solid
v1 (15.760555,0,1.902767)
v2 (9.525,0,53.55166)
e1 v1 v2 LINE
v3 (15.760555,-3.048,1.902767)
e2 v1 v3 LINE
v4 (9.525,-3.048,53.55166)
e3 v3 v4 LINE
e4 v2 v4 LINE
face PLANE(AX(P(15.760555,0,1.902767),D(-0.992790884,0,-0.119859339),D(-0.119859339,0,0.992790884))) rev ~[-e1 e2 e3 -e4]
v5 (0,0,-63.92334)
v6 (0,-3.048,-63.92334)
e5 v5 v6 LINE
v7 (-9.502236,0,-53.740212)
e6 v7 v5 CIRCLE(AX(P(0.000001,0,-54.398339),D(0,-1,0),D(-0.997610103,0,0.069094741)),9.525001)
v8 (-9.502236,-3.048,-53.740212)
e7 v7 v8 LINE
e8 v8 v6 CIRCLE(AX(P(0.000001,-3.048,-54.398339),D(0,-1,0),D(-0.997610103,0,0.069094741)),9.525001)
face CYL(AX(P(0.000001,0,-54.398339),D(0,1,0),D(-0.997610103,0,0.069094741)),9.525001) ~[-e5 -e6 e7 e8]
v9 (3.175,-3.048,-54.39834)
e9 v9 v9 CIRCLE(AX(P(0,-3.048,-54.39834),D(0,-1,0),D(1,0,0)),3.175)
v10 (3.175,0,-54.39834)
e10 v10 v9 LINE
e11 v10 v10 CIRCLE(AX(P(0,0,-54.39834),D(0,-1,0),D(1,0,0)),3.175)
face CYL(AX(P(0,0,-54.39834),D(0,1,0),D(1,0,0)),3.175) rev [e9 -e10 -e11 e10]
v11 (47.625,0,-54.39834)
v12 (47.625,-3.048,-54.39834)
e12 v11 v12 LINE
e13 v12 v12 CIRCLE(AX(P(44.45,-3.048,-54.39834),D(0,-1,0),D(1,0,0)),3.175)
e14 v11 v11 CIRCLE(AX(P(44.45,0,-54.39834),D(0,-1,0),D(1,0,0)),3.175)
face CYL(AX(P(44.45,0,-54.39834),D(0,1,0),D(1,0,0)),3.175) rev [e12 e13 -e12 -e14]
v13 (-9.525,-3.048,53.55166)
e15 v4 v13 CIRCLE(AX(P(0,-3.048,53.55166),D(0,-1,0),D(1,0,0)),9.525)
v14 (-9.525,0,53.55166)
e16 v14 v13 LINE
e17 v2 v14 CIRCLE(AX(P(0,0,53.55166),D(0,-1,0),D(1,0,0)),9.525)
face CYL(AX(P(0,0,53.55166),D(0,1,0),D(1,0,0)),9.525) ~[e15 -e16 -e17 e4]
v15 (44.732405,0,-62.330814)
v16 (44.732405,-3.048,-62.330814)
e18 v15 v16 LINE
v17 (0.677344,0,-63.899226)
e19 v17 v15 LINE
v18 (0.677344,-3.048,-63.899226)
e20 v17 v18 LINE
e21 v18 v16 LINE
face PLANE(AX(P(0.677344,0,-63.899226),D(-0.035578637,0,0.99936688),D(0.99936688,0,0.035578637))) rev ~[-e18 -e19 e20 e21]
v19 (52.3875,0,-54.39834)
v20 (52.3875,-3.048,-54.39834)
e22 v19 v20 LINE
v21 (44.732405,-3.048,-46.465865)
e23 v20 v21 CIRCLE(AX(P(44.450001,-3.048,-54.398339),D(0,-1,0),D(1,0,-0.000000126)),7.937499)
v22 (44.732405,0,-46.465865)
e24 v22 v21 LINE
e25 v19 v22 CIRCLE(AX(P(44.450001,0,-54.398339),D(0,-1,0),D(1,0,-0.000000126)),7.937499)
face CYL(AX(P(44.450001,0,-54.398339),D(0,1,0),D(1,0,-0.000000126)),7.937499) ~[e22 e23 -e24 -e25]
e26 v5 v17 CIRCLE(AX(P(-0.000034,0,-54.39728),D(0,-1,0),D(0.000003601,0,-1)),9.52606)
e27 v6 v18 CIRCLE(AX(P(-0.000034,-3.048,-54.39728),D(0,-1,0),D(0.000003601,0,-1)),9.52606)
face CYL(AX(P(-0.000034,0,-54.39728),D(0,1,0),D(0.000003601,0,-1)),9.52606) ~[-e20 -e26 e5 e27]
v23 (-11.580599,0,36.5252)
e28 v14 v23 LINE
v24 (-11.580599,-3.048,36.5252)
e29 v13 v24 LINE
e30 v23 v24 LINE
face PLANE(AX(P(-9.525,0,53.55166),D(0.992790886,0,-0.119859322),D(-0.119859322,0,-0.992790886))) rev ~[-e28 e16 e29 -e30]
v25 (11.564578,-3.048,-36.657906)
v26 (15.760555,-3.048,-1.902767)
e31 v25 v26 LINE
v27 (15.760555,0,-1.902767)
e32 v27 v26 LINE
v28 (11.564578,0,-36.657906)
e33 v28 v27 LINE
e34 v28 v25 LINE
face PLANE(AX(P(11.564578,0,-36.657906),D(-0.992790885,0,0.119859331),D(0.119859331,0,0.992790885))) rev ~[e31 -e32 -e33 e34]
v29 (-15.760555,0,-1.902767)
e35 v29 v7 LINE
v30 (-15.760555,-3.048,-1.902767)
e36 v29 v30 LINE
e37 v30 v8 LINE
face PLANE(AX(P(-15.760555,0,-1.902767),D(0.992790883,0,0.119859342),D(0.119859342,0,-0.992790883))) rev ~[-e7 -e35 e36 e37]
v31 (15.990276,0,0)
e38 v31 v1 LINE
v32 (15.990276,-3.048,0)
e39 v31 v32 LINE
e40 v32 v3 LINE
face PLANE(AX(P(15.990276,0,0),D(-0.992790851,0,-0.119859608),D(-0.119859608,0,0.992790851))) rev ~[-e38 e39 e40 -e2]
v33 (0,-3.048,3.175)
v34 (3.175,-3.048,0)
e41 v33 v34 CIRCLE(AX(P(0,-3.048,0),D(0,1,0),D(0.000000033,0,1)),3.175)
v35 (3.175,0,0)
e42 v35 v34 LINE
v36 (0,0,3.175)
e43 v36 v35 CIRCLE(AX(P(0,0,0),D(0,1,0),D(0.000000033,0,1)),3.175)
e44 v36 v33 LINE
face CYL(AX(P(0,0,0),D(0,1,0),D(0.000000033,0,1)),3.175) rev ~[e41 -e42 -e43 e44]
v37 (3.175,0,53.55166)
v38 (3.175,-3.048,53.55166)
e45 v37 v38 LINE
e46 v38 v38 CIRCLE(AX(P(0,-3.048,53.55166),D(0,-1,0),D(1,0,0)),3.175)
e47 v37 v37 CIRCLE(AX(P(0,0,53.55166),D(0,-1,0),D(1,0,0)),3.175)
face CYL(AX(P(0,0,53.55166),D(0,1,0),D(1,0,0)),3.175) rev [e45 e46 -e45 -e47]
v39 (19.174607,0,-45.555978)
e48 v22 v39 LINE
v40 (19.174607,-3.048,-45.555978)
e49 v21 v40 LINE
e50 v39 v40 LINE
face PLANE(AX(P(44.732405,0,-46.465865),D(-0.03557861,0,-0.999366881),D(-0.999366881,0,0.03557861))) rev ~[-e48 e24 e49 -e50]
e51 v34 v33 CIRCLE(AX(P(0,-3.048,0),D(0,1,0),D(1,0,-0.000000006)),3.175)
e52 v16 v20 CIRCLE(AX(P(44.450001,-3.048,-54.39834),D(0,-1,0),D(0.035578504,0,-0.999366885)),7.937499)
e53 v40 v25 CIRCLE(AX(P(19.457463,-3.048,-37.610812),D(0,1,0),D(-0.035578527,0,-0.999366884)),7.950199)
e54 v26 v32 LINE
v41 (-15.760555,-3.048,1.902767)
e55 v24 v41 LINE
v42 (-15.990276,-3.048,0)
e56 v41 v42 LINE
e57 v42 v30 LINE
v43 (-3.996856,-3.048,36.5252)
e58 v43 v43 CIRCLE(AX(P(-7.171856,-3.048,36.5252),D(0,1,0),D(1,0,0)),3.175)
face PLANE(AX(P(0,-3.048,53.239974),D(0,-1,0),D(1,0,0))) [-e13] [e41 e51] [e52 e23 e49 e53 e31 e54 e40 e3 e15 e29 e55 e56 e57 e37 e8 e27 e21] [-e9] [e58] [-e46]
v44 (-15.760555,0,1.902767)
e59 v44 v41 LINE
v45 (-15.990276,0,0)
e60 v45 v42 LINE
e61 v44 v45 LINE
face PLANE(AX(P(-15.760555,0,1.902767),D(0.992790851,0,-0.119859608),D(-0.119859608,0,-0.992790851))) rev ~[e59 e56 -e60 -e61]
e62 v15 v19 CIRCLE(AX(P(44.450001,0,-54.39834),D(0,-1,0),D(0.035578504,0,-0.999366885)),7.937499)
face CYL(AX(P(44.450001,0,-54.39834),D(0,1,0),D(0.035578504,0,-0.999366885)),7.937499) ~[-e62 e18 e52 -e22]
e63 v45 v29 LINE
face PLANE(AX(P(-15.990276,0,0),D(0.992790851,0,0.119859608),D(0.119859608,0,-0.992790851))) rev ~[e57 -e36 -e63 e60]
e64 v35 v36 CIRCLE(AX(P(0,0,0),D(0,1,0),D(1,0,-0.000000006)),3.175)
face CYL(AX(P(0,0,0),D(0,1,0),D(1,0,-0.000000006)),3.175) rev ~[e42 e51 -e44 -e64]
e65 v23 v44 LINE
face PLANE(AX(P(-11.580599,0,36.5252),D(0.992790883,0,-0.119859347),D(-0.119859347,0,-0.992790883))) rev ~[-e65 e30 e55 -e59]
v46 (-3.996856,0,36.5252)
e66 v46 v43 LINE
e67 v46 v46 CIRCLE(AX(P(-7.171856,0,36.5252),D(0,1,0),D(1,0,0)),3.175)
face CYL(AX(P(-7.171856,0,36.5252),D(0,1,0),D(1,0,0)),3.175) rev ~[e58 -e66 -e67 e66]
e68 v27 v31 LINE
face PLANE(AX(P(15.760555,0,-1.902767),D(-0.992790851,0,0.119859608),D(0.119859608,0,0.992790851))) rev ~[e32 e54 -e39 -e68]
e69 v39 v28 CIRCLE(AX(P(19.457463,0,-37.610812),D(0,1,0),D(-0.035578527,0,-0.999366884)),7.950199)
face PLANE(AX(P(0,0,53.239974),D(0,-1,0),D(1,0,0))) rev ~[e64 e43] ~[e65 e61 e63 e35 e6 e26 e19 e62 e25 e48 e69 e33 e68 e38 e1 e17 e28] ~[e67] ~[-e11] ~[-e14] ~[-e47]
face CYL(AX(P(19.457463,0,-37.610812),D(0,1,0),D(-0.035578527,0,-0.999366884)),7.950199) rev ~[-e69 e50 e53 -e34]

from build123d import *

# Parameters (mm, degrees)
F0_R     = 3.175
F1_DEPTH = 3.048


with BuildPart() as f1:
    # F0 (on Front) → F1 (new body)
    with BuildSketch(Plane.XZ):
        with BuildLine():
            ThreePointArc((0, 44.02666), (6.735192, 46.816468), (9.525, 53.55166))
            ThreePointArc((9.525, 53.55166), (0, 63.07666), (-9.525, 53.55166))
            ThreePointArc((-9.525, 53.55166), (-6.735192, 46.816468), (0, 44.02666))
        make_face()
        with Locations((0, 53.55166)):
            Circle(F0_R, mode=Mode.SUBTRACT)
        with BuildLine():
            Line((15.760555, 1.902767), (9.525, 53.55166))
            ThreePointArc((9.525, 53.55166), (6.735192, 46.816468), (0, 44.02666))
            Line((0, 44.02666), (0, 40.12119))
            Line((0, 40.12119), (0, 36.5252))
            Line((0, 36.5252), (0, 15.875))
            ThreePointArc((0, 15.875), (10.531125, 11.879016), (15.760555, 1.902767))
        make_face()
        with BuildLine():
            ThreePointArc((0, 44.02666), (-6.735192, 46.816468), (-9.525, 53.55166))
            Line((-9.525, 53.55166), (-11.580599, 36.5252))
            Line((-11.580599, 36.5252), (-10.346856, 36.5252))
            ThreePointArc((-10.346856, 36.5252), (-7.171856, 39.7002), (-3.996856, 36.5252))
            Line((-3.996856, 36.5252), (0, 36.5252))
            Line((0, 36.5252), (0, 40.12119))
            Line((0, 40.12119), (0, 44.02666))
        make_face()
        with BuildLine():
            Line((15.990276, 0), (15.760555, 1.902767))
            ThreePointArc((15.760555, 1.902767), (15.846363, 0.953103), (15.875, 0))
            ThreePointArc((15.875, 0), (15.846363, -0.953103), (15.760555, -1.902767))
            Line((15.760555, -1.902767), (15.990276, 0))
        make_face()
        with BuildLine():
            ThreePointArc((3.175, 0), (2.245064, 2.245064), (0, 3.175))
            ThreePointArc((0, 3.175), (-2.245064, -2.245064), (3.175, 0))
        make_face()
        with BuildLine():
            ThreePointArc((15.875, 0), (15.846363, 0.953103), (15.760555, 1.902767))
            ThreePointArc((15.760555, 1.902767), (10.531125, 11.879016), (0, 15.875))
            ThreePointArc((0, 15.875), (-10.531125, 11.879016), (-15.760555, 1.902767))
            ThreePointArc((-15.760555, 1.902767), (-15.875, 0), (-15.760555, -1.902767))
            ThreePointArc((-15.760555, -1.902767), (0, -15.875), (15.760555, -1.902767))
            ThreePointArc((15.760555, -1.902767), (15.846363, -0.953103), (15.875, 0))
        make_face()
        with BuildLine():
            ThreePointArc((3.175, 0), (-2.245064, -2.245064), (0, 3.175))
            ThreePointArc((0, 3.175), (2.245064, 2.245064), (3.175, 0))
        make_face(mode=Mode.SUBTRACT)
        with BuildLine():
            Line((-10.346856, 36.5252), (-11.580599, 36.5252))
            Line((-11.580599, 36.5252), (-15.760555, 1.902767))
            ThreePointArc((-15.760555, 1.902767), (-10.531125, 11.879016), (0, 15.875))
            Line((0, 15.875), (0, 36.5252))
            Line((0, 36.5252), (-3.996856, 36.5252))
            ThreePointArc((-3.996856, 36.5252), (-7.171856, 33.3502), (-10.346856, 36.5252))
        make_face()
        with BuildLine():
            ThreePointArc((-15.760555, -1.902767), (-15.875, 0), (-15.760555, 1.902767))
            Line((-15.760555, 1.902767), (-15.990276, 0))
            Line((-15.990276, 0), (-15.760555, -1.902767))
        make_face()
        with BuildLine():
            Line((11.564578, -36.657906), (15.760555, -1.902767))
            ThreePointArc((15.760555, -1.902767), (0, -15.875), (-15.760555, -1.902767))
            Line((-15.760555, -1.902767), (-9.502236, -53.740212))
            ThreePointArc((-9.502236, -53.740212), (0.329261, -44.879032), (9.525, -54.39834))
            ThreePointArc((9.525, -54.39834), (6.970557, -60.889639), (0.677344, -63.899226))
            Line((0.677344, -63.899226), (44.732405, -62.330814))
            ThreePointArc((44.732405, -62.330814), (36.5125, -54.39834), (44.732405, -46.465865))
            Line((44.732405, -46.465865), (19.174607, -45.555978))
            ThreePointArc((19.174607, -45.555978), (13.415559, -42.778119), (11.564578, -36.657906))
        make_face()
        with BuildLine():
            ThreePointArc((9.525, -54.39834), (0.329261, -44.879032), (-9.502236, -53.740212))
            ThreePointArc((-9.502236, -53.740212), (-6.963989, -60.896684), (0, -63.92334))
            Line((0, -63.92334), (0.677344, -63.899226))
            ThreePointArc((0.677344, -63.899226), (6.970557, -60.889639), (9.525, -54.39834))
        make_face()
        with Locations((0, -54.39834)):
            Circle(F0_R, mode=Mode.SUBTRACT)
        with BuildLine():
            Line((0.677344, -63.899226), (0, -63.92334))
            ThreePointArc((0, -63.92334), (0.338886, -63.917309), (0.677344, -63.899226))
        make_face()
        with BuildLine():
            ThreePointArc((52.3875, -54.39834), (50.161633, -48.886429), (44.732405, -46.465865))
            ThreePointArc((44.732405, -46.465865), (36.5125, -54.39834), (44.732405, -62.330814))
            ThreePointArc((44.732405, -62.330814), (50.161633, -59.91025), (52.3875, -54.39834))
        make_face()
        with Locations((44.45, -54.39834)):
            Circle(F0_R, mode=Mode.SUBTRACT)
    extrude(amount=F1_DEPTH)


solid = f1.part
